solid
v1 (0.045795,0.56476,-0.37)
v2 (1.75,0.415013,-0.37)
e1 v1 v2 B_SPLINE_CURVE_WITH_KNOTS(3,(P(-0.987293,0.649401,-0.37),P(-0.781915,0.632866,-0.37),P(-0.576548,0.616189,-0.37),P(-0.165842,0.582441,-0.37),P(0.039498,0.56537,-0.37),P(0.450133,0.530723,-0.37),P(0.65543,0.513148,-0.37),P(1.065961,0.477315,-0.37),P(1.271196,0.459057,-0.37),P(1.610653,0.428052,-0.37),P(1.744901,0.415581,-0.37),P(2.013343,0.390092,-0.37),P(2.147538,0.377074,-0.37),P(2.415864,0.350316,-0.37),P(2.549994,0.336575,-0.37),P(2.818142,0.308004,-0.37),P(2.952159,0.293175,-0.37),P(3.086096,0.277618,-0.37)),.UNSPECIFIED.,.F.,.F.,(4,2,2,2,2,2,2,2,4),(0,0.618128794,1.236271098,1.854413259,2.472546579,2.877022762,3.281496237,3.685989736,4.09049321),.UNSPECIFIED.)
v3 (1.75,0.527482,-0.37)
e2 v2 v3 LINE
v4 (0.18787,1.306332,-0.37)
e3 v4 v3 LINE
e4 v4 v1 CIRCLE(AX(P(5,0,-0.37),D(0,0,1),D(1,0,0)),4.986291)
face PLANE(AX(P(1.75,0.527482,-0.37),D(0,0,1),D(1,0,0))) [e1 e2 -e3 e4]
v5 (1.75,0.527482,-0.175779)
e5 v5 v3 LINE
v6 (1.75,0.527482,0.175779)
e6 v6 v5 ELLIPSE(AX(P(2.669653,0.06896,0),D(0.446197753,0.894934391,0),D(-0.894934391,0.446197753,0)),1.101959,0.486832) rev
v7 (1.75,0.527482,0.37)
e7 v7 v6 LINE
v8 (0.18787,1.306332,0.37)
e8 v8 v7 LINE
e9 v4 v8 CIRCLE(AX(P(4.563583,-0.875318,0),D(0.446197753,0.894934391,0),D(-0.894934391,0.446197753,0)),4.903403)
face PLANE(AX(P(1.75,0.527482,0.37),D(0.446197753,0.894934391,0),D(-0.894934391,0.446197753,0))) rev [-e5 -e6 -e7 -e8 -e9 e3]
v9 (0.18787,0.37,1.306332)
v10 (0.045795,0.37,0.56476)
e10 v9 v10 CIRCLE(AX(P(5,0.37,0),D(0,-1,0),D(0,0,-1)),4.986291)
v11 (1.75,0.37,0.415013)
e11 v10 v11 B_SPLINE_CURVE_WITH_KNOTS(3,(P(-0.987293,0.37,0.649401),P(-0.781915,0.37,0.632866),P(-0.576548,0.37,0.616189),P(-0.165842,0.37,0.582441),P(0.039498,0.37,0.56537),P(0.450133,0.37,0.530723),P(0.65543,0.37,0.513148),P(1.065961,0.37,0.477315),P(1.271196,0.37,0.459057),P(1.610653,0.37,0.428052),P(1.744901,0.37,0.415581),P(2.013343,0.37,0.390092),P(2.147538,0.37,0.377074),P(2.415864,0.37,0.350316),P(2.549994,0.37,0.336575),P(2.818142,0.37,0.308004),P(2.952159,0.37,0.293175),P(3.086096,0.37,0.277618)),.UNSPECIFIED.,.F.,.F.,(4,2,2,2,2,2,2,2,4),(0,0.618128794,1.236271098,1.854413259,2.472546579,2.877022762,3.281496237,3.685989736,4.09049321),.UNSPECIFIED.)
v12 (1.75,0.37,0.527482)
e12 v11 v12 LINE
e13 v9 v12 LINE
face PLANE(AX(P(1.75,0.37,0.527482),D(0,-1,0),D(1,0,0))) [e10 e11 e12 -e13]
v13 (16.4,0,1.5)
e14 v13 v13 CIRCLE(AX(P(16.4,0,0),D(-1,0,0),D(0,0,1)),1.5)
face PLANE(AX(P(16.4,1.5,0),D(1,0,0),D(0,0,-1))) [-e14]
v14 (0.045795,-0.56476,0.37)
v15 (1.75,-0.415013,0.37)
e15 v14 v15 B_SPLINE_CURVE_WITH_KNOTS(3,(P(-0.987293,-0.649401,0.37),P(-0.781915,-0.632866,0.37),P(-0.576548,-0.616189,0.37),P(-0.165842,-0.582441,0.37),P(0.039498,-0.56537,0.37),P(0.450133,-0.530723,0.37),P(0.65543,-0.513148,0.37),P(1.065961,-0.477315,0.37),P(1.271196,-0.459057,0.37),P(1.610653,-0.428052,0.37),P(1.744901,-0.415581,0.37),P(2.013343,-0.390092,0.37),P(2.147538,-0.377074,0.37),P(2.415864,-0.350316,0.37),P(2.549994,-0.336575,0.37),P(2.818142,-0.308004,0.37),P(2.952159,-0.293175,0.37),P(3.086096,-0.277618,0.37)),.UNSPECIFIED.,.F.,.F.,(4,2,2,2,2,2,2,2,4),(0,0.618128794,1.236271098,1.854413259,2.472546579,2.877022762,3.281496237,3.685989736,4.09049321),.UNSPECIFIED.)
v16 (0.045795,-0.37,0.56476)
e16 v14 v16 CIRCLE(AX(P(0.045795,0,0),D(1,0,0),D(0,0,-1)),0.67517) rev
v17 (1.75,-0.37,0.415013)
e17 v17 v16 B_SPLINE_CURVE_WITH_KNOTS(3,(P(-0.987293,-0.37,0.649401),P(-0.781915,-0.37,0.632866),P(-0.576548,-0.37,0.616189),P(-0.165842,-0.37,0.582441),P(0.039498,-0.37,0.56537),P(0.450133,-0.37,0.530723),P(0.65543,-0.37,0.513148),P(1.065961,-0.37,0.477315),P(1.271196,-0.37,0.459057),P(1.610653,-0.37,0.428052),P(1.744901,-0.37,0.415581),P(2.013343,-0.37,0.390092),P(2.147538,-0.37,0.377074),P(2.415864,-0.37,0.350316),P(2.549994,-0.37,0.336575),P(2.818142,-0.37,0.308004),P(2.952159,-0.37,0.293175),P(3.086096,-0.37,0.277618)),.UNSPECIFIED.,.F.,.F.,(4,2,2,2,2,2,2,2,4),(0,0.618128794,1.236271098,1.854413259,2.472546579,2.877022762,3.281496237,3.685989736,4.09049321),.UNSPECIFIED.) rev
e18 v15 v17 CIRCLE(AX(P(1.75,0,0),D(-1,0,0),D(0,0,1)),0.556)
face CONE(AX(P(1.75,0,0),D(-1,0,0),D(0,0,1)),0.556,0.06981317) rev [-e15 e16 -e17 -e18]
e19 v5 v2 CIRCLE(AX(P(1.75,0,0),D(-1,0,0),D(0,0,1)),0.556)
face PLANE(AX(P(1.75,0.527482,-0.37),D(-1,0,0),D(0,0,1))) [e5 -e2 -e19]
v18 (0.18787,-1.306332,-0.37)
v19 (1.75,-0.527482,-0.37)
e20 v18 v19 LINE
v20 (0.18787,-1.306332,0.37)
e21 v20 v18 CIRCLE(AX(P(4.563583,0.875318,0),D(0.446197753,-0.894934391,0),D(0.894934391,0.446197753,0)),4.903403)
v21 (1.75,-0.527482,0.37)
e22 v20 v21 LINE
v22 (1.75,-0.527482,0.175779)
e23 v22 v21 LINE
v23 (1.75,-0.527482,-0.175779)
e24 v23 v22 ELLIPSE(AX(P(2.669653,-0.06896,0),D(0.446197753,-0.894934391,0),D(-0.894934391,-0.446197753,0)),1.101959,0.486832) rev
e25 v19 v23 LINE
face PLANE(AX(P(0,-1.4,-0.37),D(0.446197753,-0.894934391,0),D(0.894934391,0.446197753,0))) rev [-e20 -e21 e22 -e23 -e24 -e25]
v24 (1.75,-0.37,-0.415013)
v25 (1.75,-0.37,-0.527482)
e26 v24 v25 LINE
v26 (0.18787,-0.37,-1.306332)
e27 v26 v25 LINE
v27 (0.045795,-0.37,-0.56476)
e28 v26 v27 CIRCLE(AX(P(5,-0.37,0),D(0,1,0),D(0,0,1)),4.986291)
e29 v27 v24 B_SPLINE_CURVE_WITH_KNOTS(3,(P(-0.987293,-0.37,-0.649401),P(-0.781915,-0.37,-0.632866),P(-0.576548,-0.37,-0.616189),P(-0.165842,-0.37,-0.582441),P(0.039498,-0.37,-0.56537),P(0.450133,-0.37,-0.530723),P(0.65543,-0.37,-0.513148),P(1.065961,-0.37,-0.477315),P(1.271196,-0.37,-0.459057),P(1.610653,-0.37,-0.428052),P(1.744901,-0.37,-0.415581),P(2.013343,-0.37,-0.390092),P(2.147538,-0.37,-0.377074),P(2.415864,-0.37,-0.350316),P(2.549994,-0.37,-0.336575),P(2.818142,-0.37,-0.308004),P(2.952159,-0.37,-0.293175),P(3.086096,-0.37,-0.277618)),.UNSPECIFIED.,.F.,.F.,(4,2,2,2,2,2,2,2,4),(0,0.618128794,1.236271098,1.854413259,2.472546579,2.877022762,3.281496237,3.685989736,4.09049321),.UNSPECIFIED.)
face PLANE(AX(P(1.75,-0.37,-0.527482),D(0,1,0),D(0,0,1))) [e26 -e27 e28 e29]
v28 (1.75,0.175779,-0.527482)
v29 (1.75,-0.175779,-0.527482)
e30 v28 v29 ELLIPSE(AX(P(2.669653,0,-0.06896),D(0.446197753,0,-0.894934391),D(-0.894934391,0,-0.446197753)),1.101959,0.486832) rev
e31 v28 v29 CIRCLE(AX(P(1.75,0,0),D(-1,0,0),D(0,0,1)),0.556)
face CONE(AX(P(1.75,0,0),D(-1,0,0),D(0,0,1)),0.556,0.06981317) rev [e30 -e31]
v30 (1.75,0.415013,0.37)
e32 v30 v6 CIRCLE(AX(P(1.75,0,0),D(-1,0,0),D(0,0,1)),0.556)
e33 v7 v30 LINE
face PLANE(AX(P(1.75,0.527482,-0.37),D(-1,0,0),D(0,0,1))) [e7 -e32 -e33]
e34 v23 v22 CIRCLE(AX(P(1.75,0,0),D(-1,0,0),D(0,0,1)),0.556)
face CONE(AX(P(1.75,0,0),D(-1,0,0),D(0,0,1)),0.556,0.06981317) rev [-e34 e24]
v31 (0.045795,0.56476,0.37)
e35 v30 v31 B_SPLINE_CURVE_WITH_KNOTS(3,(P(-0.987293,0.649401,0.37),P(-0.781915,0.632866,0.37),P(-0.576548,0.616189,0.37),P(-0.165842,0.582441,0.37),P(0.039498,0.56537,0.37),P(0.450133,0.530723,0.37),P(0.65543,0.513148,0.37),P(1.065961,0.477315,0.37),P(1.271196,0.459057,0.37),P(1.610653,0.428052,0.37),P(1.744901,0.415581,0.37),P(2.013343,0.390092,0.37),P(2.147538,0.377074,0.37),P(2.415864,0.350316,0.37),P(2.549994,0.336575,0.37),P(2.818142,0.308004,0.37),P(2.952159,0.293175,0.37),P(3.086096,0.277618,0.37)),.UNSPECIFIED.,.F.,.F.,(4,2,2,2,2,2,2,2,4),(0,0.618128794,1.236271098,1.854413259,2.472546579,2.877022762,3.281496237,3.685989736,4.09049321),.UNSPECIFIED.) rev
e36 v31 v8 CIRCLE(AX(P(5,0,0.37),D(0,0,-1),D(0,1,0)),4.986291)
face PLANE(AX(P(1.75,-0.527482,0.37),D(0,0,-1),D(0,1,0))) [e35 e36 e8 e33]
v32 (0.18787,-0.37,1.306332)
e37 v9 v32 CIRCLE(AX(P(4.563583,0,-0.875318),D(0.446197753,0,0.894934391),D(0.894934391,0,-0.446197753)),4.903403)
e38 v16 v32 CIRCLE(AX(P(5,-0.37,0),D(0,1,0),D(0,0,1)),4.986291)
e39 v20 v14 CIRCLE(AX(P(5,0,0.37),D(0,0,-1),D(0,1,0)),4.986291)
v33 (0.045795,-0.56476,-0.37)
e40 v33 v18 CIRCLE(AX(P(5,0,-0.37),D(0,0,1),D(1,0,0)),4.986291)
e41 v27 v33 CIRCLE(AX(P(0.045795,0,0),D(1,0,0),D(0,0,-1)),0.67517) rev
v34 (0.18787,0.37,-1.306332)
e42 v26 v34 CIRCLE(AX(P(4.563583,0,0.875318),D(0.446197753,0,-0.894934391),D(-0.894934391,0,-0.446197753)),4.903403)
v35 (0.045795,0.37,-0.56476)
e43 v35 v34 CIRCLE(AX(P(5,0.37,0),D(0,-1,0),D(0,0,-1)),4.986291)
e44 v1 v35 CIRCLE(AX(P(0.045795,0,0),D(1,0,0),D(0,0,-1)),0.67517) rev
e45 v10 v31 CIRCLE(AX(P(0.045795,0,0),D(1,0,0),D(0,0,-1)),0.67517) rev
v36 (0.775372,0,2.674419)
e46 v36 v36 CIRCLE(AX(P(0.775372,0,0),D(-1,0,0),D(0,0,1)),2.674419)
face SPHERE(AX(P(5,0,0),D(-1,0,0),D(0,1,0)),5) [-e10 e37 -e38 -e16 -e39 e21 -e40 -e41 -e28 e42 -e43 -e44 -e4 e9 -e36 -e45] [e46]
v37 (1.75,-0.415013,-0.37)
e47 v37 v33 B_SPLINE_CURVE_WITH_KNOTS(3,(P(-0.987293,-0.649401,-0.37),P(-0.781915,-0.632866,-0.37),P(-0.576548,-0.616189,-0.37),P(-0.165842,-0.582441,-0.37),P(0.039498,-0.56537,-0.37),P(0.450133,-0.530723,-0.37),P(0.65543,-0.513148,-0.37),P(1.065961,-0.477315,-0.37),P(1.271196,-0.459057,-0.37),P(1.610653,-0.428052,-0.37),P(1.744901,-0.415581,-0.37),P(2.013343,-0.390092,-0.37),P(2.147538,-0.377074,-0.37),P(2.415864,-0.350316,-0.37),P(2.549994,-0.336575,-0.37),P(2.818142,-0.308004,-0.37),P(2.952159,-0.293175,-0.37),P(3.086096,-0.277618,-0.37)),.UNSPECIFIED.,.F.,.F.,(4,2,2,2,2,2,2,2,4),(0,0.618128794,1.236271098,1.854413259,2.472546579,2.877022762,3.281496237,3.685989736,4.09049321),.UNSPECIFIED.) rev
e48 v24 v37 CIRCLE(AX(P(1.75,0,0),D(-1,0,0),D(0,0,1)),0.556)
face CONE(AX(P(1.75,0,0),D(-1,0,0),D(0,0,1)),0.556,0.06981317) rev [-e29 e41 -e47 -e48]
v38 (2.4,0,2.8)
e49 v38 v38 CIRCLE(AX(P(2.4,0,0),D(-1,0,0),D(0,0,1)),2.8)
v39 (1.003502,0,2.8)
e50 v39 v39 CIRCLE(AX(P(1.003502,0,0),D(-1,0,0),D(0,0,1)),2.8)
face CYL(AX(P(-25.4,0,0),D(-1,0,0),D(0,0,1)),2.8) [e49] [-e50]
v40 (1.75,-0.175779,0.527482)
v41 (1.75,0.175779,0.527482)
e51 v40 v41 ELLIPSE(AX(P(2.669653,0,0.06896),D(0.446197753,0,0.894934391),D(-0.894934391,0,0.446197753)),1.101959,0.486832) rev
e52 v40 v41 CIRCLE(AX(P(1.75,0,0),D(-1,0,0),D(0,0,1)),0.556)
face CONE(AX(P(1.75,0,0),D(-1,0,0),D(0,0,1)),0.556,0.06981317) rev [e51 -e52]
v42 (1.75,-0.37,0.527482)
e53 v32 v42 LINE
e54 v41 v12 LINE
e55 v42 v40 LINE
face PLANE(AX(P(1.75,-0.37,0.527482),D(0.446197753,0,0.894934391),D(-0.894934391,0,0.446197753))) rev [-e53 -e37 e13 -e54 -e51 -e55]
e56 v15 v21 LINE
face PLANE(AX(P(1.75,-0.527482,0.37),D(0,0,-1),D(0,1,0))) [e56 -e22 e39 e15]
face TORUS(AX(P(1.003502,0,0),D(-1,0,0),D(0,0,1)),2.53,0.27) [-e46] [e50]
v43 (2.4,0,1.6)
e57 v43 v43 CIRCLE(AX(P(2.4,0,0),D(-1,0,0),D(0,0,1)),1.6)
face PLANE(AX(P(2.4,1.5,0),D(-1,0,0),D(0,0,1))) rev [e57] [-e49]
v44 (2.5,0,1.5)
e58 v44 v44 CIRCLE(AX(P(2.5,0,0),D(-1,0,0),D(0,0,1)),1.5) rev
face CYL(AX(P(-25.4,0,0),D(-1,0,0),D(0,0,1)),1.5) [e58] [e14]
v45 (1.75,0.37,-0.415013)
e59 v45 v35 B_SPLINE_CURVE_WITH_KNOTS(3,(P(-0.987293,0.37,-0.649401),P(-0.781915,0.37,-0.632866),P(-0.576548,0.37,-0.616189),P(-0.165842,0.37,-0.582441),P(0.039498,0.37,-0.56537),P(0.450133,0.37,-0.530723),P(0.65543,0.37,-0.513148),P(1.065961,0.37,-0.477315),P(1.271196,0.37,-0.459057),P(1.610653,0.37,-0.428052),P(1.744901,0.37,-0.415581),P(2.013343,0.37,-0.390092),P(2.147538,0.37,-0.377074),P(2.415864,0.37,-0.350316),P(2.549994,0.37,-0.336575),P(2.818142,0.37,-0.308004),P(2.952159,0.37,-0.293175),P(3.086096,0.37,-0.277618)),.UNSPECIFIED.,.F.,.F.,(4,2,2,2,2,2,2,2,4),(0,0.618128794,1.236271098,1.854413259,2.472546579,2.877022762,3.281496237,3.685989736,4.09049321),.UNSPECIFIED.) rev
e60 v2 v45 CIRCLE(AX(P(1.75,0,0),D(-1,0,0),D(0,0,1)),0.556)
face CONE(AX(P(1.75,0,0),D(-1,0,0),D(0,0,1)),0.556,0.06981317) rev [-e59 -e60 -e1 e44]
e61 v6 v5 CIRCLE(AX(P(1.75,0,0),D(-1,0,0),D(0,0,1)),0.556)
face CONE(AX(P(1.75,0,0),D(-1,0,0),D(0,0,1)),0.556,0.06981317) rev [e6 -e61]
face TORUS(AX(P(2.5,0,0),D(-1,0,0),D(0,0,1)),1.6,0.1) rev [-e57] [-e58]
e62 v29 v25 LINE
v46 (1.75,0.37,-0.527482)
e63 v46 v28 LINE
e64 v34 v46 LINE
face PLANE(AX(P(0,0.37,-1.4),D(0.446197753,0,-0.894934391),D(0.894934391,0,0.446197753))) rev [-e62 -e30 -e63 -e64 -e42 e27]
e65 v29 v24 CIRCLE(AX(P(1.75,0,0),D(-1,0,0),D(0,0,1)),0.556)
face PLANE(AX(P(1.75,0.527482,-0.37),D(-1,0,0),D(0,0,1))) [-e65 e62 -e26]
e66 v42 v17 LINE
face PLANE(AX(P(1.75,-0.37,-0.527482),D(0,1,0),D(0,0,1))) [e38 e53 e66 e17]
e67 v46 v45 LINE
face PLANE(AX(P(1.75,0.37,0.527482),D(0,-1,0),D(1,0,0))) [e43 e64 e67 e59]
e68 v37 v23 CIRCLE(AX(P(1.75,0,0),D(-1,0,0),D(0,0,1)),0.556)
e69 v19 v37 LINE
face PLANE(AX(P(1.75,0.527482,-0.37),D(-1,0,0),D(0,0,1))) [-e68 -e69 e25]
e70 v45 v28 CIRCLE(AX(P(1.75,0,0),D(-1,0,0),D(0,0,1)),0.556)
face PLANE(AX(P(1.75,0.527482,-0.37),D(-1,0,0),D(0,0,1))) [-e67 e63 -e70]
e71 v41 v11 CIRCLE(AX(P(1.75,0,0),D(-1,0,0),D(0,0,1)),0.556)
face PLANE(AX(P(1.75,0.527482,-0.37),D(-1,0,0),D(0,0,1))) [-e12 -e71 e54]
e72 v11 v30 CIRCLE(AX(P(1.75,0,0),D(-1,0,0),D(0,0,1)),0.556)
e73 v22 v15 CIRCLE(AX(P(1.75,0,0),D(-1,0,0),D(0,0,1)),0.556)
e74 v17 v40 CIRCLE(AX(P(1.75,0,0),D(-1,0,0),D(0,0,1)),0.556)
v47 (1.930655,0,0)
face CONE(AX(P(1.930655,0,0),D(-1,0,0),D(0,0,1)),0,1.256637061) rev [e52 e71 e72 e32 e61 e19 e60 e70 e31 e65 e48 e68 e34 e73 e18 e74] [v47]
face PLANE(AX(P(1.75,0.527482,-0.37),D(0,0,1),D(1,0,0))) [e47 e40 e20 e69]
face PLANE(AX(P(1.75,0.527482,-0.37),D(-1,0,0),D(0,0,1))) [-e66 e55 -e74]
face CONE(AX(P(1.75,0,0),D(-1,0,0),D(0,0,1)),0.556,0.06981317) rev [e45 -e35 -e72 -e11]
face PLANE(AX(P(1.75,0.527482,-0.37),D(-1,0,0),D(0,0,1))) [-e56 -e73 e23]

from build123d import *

# Parameters (mm, degrees)
FILLET1_R    = 0.1
SKETCH3_W    = 0.74
SKETCH3_H    = 2.8
SKETCH4_W    = 0.74
SKETCH4_H    = 1.054964664
RECPAT_COUNT = 2
RECPAT_ANGLE = 90


with BuildPart() as part:
    # BodySke → Base-Revolve (revolve)
    with BuildSketch(Plane.XY):
        with BuildLine():
            Line((2.4, 1.5), (2.4, 2.8))
            Line((2.4, 2.8), (1.003501533, 2.8))
            ThreePointArc((1.003501533, 2.8), (0.873295971, 2.76653015), (0.775371599, 2.674418605))
            ThreePointArc((0.775371599, 2.674418605), (0.197753546, 1.392274756), (0, 0))
            Line((0, 0), (16.4, 0))
            Line((16.4, 0), (16.4, 1.5))
            Line((16.4, 1.5), (2.4, 1.5))
        make_face()
    revolve(axis=Axis((-25.4, 0, 0), (1, 0, 0)))

    # Fillet1
    fillet1_edges = [part.edges().sort_by_distance(p)[0] for p in [
        (2.4, -1.5, 0),
    ]]
    fillet(fillet1_edges, radius=FILLET1_R)

    # Sketch3 → Recess section 0
    with BuildSketch(Plane(origin=(0, 0, 0), x_dir=(0, 0, -1), z_dir=(1, 0, 0))):
        Rectangle(SKETCH3_W, SKETCH3_H)
    # Sketch4 → Recess section 1
    with BuildSketch(Plane(origin=(1.75, 0, 0), x_dir=(0, 0, -1), z_dir=(1, 0, 0))):
        Rectangle(SKETCH4_W, SKETCH4_H)
    recess = loft(mode=Mode.SUBTRACT)

    # RecPat: Recess ×2 about axis
    recpat_axis = Axis((0, 0, 0), (1, 0, 0))
    for i in range(1, RECPAT_COUNT):
        add(recess.rotate(recpat_axis, i * RECPAT_ANGLE / (RECPAT_COUNT - 1)), mode=Mode.SUBTRACT)

    # RecCorSke → RecessCore (revolve, cut)
    with BuildSketch(Plane.XY):
        Polygon((0, 0), (0, 0.678371921), (1.75, 0.556), (1.930655351, 0), align=None)
    revolve(axis=Axis((-3.175, 0, 0), (1, 0, 0)), mode=Mode.SUBTRACT)


solid = part.part
